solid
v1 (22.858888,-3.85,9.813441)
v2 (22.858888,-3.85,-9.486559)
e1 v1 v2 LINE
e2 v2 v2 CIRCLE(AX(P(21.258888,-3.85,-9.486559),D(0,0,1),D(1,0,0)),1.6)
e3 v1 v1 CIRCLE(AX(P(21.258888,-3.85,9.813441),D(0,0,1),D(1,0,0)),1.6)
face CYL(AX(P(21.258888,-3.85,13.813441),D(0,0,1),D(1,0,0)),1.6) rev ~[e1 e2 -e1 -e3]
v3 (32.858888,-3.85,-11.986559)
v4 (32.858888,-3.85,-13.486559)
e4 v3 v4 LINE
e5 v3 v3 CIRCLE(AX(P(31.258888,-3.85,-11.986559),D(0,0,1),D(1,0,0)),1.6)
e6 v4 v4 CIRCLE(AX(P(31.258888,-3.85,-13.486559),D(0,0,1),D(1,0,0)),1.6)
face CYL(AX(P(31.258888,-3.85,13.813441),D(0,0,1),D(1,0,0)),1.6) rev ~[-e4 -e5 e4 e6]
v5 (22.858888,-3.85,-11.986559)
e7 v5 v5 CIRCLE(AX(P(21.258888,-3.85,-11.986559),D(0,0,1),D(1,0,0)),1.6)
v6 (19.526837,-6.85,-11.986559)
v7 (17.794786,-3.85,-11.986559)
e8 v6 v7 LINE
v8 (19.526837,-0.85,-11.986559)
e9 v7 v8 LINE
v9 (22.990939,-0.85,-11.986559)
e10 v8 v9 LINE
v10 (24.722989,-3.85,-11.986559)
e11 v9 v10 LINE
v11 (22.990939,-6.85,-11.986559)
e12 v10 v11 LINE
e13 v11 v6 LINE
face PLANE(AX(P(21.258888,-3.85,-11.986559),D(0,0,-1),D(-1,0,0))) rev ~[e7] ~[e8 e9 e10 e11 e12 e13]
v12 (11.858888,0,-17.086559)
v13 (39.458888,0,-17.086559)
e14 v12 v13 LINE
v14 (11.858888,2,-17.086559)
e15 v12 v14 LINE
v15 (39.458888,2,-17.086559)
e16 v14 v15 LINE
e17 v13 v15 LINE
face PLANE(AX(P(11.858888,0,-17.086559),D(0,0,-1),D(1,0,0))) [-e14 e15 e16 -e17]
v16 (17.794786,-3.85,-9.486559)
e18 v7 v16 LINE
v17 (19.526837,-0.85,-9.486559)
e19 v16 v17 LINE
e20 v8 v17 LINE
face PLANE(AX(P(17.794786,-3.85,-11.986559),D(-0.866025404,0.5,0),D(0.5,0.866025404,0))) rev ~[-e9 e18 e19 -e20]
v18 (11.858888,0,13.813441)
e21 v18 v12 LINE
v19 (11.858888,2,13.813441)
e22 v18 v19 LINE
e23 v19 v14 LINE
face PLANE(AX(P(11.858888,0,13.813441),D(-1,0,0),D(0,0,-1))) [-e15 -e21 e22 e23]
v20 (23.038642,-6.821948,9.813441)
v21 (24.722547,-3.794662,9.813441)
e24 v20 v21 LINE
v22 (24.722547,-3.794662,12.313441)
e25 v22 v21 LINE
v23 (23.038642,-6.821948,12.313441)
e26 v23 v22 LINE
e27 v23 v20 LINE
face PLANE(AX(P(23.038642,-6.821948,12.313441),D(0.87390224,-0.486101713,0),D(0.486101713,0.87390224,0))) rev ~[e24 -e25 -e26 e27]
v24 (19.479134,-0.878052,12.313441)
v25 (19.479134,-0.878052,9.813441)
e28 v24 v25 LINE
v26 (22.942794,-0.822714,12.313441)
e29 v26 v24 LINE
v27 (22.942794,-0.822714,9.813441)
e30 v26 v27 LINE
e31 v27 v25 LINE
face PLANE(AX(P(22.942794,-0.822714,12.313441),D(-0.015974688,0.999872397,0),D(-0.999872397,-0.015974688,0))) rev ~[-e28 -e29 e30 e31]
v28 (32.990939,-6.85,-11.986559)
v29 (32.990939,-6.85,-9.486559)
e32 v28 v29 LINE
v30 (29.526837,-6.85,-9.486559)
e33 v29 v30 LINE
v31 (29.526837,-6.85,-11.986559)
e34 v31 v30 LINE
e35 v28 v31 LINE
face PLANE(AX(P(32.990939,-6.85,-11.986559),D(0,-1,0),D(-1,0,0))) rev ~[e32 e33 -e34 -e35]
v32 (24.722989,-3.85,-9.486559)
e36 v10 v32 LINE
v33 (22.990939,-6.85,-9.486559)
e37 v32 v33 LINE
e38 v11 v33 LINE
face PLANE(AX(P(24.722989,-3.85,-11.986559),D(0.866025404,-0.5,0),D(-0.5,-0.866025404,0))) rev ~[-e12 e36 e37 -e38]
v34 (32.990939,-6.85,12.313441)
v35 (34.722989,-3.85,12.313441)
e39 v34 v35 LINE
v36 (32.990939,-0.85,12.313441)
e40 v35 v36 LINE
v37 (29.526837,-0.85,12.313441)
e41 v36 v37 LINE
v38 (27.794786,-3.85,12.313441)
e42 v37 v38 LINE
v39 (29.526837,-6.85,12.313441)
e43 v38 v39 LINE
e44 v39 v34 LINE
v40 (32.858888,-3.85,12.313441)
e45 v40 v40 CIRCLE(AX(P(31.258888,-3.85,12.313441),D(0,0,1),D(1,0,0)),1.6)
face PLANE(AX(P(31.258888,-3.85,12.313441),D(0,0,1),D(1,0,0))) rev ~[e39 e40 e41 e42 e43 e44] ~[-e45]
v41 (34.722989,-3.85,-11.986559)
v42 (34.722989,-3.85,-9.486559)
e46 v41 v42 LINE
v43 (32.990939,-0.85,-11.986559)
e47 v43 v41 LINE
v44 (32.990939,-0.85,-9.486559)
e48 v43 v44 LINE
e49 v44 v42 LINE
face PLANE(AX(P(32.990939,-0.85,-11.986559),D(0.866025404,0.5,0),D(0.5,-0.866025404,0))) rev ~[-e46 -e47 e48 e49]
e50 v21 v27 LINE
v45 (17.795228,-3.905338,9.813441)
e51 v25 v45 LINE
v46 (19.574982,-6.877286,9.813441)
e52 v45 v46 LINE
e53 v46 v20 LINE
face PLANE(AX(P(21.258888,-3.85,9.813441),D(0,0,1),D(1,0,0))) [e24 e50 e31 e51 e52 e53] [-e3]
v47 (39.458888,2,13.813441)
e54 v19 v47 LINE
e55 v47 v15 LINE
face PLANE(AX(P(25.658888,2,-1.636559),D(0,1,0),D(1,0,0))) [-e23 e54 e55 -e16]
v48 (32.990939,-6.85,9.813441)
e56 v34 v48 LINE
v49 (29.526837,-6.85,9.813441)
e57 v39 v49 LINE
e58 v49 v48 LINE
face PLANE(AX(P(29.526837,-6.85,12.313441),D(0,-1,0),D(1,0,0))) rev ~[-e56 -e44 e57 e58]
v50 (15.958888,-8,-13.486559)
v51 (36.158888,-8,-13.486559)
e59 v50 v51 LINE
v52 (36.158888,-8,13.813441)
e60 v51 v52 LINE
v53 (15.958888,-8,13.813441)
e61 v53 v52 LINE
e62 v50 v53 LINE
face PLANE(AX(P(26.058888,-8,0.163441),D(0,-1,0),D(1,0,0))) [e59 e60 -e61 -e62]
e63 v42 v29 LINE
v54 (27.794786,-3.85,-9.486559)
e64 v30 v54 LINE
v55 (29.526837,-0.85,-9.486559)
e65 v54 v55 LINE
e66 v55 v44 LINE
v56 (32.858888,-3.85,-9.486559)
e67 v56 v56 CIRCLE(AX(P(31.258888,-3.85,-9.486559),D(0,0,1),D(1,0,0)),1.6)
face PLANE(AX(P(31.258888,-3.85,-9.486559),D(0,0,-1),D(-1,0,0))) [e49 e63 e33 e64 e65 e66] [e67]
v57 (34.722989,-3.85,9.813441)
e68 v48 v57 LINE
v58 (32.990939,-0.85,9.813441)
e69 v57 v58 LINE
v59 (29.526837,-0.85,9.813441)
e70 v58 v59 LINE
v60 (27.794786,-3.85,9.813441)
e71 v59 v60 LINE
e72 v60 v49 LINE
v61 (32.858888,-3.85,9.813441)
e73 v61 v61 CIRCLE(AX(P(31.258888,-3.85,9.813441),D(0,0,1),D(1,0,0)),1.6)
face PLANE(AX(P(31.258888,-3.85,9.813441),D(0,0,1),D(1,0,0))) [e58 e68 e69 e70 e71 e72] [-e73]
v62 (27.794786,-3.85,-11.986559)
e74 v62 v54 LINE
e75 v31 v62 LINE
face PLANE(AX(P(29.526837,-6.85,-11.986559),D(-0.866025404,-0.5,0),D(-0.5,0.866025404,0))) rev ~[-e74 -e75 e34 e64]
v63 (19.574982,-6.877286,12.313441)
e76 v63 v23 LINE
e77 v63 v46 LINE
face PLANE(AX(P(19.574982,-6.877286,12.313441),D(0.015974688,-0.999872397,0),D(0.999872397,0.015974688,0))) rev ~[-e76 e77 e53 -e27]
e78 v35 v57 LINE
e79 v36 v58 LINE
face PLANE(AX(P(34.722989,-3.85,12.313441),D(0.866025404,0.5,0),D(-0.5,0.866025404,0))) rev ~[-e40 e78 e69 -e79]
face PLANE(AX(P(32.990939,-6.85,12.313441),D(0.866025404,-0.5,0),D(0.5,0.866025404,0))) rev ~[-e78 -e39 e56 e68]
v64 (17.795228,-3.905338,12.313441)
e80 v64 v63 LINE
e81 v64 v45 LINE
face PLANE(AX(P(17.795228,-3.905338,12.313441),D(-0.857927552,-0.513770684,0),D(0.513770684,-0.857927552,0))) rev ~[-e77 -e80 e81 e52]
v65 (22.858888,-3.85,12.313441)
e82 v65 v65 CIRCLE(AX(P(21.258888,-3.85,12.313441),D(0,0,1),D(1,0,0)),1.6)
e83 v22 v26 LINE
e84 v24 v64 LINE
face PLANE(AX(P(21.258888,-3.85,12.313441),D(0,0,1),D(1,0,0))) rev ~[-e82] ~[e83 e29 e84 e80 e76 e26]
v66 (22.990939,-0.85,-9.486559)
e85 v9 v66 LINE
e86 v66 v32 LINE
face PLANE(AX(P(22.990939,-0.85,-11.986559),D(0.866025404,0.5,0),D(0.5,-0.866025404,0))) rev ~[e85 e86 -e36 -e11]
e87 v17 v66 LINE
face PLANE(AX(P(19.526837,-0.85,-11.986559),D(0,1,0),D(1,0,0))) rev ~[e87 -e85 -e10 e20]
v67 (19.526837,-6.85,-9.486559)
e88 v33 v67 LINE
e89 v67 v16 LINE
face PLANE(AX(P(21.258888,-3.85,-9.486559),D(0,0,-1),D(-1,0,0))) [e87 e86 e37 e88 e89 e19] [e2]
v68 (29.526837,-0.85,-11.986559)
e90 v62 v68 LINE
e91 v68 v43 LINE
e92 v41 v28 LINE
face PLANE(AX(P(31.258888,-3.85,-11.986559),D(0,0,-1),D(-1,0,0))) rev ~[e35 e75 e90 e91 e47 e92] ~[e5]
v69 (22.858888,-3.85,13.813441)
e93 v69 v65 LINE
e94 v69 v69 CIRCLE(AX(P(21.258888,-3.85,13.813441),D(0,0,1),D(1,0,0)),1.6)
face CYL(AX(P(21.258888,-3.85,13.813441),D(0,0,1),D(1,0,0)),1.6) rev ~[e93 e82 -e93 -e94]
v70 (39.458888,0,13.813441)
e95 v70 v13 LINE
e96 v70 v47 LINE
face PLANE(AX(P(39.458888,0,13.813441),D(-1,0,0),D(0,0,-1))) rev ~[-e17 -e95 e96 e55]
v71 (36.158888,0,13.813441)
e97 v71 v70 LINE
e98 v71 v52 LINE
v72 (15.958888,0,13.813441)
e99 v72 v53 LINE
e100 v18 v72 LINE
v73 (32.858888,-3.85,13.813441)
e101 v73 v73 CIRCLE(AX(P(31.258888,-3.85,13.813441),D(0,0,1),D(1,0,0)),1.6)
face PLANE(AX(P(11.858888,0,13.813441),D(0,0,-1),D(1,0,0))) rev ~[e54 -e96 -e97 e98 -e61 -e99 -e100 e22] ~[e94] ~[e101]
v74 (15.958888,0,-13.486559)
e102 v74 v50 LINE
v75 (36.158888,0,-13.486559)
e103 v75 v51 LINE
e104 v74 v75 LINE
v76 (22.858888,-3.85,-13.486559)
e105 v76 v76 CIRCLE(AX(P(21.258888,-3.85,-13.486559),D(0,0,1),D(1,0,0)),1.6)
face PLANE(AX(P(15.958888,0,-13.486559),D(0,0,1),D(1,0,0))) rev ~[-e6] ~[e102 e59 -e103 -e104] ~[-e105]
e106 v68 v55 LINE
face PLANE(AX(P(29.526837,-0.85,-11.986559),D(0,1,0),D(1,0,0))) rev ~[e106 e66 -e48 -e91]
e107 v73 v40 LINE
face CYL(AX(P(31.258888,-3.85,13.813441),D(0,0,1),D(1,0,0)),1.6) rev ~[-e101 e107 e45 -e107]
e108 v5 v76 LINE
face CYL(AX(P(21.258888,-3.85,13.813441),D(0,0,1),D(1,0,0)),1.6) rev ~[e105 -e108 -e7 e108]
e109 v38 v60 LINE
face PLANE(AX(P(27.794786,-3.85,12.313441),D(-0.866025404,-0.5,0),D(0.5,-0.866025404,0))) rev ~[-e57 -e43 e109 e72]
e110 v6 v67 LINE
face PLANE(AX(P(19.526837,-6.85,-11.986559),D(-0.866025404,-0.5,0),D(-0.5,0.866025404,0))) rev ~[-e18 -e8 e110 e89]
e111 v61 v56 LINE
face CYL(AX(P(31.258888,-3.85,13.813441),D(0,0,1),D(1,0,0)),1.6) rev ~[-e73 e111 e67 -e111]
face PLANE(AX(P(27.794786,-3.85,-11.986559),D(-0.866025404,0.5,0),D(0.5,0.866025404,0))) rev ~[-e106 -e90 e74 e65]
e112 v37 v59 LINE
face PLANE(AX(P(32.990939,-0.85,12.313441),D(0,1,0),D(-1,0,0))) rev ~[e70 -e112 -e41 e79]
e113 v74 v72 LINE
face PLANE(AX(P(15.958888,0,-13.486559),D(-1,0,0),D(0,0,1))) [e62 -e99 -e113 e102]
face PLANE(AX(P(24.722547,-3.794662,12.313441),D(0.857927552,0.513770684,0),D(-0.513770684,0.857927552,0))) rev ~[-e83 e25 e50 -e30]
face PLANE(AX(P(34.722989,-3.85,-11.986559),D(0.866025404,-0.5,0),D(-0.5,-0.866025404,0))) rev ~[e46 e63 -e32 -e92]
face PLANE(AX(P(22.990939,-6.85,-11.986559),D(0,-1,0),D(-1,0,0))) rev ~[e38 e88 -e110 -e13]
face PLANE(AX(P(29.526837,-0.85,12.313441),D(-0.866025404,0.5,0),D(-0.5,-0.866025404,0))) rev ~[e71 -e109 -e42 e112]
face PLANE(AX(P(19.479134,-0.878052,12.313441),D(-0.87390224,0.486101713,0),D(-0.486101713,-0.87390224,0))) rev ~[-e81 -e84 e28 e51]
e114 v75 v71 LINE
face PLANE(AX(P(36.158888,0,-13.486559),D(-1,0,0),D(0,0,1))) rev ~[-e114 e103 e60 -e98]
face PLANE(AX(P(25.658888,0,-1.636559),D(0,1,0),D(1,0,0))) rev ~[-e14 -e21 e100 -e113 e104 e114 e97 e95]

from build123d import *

# Parameters (mm, degrees)
SKETCH1_W           = 27.6
SKETCH1_H           = 30.9
BOSS_EXTRUDE1_DEPTH = 2
SKETCH2_W           = 20.2
SKETCH2_H           = 27.3
BOSS_EXTRUDE2_DEPTH = 8
SKETCH3_R           = 1.6
CUT_EXTRUDE1_DEPTH  = 32
CUT_EXTRUDE2_DEPTH  = 2.5
CUT_EXTRUDE3_DEPTH  = 2.5


with BuildPart() as part:
    # Sketch1 → Boss-Extrude1 (new body)
    with BuildSketch(Plane(origin=(0, 0, 0), x_dir=(1, 0, 0), z_dir=(0, 1, 0))):
        with Locations((25.658887851, 1.636558914)):
            Rectangle(SKETCH1_W, SKETCH1_H)
    extrude(amount=BOSS_EXTRUDE1_DEPTH)

    # Sketch2 → Boss-Extrude2 (add)
    with BuildSketch(Plane.XZ):
        with Locations((26.058887851, 0.163441086)):
            Rectangle(SKETCH2_W, SKETCH2_H)
    extrude(amount=BOSS_EXTRUDE2_DEPTH)

    # Sketch3 → Cut-Extrude1 (cut)
    with BuildSketch(Plane.XY.offset(13.813441086)):
        with Locations((21.258887851, -3.85)):
            Circle(SKETCH3_R)
        with Locations((31.258887851, -3.85)):
            Circle(SKETCH3_R)
    extrude(amount=-CUT_EXTRUDE1_DEPTH, mode=Mode.SUBTRACT)

    # Sketch4 → Cut-Extrude2 (cut)
    with BuildSketch(Plane.XY.offset(12.313441086)):
        Polygon((32.990938659, -6.85), (34.722989466, -3.85), (32.990938659, -0.85), (29.526837044, -0.85), (27.794786236, -3.85), (29.526837044, -6.85), align=None)
        Polygon((23.038641707, -6.821948218), (24.722547435, -3.794662058), (22.942793579, -0.822713839), (19.479133995, -0.878051782), (17.795228267, -3.905337942), (19.574982123, -6.877286161), align=None)
    extrude(amount=-CUT_EXTRUDE2_DEPTH, mode=Mode.SUBTRACT)

    # Sketch5 → Cut-Extrude3 (cut)
    with BuildSketch(Plane(origin=(0, 0, -11.986558914), x_dir=(-1, 0, 0), z_dir=(0, 0, -1))):
        Polygon((-29.526837044, -6.85), (-27.794786236, -3.85), (-29.526837044, -0.85), (-32.990938659, -0.85), (-34.722989466, -3.85), (-32.990938659, -6.85), align=None)
        Polygon((-19.526837044, -6.85), (-17.794786236, -3.85), (-19.526837044, -0.85), (-22.990938659, -0.85), (-24.722989466, -3.85), (-22.990938659, -6.85), align=None)
    extrude(amount=-CUT_EXTRUDE3_DEPTH, mode=Mode.SUBTRACT)


solid = part.part
